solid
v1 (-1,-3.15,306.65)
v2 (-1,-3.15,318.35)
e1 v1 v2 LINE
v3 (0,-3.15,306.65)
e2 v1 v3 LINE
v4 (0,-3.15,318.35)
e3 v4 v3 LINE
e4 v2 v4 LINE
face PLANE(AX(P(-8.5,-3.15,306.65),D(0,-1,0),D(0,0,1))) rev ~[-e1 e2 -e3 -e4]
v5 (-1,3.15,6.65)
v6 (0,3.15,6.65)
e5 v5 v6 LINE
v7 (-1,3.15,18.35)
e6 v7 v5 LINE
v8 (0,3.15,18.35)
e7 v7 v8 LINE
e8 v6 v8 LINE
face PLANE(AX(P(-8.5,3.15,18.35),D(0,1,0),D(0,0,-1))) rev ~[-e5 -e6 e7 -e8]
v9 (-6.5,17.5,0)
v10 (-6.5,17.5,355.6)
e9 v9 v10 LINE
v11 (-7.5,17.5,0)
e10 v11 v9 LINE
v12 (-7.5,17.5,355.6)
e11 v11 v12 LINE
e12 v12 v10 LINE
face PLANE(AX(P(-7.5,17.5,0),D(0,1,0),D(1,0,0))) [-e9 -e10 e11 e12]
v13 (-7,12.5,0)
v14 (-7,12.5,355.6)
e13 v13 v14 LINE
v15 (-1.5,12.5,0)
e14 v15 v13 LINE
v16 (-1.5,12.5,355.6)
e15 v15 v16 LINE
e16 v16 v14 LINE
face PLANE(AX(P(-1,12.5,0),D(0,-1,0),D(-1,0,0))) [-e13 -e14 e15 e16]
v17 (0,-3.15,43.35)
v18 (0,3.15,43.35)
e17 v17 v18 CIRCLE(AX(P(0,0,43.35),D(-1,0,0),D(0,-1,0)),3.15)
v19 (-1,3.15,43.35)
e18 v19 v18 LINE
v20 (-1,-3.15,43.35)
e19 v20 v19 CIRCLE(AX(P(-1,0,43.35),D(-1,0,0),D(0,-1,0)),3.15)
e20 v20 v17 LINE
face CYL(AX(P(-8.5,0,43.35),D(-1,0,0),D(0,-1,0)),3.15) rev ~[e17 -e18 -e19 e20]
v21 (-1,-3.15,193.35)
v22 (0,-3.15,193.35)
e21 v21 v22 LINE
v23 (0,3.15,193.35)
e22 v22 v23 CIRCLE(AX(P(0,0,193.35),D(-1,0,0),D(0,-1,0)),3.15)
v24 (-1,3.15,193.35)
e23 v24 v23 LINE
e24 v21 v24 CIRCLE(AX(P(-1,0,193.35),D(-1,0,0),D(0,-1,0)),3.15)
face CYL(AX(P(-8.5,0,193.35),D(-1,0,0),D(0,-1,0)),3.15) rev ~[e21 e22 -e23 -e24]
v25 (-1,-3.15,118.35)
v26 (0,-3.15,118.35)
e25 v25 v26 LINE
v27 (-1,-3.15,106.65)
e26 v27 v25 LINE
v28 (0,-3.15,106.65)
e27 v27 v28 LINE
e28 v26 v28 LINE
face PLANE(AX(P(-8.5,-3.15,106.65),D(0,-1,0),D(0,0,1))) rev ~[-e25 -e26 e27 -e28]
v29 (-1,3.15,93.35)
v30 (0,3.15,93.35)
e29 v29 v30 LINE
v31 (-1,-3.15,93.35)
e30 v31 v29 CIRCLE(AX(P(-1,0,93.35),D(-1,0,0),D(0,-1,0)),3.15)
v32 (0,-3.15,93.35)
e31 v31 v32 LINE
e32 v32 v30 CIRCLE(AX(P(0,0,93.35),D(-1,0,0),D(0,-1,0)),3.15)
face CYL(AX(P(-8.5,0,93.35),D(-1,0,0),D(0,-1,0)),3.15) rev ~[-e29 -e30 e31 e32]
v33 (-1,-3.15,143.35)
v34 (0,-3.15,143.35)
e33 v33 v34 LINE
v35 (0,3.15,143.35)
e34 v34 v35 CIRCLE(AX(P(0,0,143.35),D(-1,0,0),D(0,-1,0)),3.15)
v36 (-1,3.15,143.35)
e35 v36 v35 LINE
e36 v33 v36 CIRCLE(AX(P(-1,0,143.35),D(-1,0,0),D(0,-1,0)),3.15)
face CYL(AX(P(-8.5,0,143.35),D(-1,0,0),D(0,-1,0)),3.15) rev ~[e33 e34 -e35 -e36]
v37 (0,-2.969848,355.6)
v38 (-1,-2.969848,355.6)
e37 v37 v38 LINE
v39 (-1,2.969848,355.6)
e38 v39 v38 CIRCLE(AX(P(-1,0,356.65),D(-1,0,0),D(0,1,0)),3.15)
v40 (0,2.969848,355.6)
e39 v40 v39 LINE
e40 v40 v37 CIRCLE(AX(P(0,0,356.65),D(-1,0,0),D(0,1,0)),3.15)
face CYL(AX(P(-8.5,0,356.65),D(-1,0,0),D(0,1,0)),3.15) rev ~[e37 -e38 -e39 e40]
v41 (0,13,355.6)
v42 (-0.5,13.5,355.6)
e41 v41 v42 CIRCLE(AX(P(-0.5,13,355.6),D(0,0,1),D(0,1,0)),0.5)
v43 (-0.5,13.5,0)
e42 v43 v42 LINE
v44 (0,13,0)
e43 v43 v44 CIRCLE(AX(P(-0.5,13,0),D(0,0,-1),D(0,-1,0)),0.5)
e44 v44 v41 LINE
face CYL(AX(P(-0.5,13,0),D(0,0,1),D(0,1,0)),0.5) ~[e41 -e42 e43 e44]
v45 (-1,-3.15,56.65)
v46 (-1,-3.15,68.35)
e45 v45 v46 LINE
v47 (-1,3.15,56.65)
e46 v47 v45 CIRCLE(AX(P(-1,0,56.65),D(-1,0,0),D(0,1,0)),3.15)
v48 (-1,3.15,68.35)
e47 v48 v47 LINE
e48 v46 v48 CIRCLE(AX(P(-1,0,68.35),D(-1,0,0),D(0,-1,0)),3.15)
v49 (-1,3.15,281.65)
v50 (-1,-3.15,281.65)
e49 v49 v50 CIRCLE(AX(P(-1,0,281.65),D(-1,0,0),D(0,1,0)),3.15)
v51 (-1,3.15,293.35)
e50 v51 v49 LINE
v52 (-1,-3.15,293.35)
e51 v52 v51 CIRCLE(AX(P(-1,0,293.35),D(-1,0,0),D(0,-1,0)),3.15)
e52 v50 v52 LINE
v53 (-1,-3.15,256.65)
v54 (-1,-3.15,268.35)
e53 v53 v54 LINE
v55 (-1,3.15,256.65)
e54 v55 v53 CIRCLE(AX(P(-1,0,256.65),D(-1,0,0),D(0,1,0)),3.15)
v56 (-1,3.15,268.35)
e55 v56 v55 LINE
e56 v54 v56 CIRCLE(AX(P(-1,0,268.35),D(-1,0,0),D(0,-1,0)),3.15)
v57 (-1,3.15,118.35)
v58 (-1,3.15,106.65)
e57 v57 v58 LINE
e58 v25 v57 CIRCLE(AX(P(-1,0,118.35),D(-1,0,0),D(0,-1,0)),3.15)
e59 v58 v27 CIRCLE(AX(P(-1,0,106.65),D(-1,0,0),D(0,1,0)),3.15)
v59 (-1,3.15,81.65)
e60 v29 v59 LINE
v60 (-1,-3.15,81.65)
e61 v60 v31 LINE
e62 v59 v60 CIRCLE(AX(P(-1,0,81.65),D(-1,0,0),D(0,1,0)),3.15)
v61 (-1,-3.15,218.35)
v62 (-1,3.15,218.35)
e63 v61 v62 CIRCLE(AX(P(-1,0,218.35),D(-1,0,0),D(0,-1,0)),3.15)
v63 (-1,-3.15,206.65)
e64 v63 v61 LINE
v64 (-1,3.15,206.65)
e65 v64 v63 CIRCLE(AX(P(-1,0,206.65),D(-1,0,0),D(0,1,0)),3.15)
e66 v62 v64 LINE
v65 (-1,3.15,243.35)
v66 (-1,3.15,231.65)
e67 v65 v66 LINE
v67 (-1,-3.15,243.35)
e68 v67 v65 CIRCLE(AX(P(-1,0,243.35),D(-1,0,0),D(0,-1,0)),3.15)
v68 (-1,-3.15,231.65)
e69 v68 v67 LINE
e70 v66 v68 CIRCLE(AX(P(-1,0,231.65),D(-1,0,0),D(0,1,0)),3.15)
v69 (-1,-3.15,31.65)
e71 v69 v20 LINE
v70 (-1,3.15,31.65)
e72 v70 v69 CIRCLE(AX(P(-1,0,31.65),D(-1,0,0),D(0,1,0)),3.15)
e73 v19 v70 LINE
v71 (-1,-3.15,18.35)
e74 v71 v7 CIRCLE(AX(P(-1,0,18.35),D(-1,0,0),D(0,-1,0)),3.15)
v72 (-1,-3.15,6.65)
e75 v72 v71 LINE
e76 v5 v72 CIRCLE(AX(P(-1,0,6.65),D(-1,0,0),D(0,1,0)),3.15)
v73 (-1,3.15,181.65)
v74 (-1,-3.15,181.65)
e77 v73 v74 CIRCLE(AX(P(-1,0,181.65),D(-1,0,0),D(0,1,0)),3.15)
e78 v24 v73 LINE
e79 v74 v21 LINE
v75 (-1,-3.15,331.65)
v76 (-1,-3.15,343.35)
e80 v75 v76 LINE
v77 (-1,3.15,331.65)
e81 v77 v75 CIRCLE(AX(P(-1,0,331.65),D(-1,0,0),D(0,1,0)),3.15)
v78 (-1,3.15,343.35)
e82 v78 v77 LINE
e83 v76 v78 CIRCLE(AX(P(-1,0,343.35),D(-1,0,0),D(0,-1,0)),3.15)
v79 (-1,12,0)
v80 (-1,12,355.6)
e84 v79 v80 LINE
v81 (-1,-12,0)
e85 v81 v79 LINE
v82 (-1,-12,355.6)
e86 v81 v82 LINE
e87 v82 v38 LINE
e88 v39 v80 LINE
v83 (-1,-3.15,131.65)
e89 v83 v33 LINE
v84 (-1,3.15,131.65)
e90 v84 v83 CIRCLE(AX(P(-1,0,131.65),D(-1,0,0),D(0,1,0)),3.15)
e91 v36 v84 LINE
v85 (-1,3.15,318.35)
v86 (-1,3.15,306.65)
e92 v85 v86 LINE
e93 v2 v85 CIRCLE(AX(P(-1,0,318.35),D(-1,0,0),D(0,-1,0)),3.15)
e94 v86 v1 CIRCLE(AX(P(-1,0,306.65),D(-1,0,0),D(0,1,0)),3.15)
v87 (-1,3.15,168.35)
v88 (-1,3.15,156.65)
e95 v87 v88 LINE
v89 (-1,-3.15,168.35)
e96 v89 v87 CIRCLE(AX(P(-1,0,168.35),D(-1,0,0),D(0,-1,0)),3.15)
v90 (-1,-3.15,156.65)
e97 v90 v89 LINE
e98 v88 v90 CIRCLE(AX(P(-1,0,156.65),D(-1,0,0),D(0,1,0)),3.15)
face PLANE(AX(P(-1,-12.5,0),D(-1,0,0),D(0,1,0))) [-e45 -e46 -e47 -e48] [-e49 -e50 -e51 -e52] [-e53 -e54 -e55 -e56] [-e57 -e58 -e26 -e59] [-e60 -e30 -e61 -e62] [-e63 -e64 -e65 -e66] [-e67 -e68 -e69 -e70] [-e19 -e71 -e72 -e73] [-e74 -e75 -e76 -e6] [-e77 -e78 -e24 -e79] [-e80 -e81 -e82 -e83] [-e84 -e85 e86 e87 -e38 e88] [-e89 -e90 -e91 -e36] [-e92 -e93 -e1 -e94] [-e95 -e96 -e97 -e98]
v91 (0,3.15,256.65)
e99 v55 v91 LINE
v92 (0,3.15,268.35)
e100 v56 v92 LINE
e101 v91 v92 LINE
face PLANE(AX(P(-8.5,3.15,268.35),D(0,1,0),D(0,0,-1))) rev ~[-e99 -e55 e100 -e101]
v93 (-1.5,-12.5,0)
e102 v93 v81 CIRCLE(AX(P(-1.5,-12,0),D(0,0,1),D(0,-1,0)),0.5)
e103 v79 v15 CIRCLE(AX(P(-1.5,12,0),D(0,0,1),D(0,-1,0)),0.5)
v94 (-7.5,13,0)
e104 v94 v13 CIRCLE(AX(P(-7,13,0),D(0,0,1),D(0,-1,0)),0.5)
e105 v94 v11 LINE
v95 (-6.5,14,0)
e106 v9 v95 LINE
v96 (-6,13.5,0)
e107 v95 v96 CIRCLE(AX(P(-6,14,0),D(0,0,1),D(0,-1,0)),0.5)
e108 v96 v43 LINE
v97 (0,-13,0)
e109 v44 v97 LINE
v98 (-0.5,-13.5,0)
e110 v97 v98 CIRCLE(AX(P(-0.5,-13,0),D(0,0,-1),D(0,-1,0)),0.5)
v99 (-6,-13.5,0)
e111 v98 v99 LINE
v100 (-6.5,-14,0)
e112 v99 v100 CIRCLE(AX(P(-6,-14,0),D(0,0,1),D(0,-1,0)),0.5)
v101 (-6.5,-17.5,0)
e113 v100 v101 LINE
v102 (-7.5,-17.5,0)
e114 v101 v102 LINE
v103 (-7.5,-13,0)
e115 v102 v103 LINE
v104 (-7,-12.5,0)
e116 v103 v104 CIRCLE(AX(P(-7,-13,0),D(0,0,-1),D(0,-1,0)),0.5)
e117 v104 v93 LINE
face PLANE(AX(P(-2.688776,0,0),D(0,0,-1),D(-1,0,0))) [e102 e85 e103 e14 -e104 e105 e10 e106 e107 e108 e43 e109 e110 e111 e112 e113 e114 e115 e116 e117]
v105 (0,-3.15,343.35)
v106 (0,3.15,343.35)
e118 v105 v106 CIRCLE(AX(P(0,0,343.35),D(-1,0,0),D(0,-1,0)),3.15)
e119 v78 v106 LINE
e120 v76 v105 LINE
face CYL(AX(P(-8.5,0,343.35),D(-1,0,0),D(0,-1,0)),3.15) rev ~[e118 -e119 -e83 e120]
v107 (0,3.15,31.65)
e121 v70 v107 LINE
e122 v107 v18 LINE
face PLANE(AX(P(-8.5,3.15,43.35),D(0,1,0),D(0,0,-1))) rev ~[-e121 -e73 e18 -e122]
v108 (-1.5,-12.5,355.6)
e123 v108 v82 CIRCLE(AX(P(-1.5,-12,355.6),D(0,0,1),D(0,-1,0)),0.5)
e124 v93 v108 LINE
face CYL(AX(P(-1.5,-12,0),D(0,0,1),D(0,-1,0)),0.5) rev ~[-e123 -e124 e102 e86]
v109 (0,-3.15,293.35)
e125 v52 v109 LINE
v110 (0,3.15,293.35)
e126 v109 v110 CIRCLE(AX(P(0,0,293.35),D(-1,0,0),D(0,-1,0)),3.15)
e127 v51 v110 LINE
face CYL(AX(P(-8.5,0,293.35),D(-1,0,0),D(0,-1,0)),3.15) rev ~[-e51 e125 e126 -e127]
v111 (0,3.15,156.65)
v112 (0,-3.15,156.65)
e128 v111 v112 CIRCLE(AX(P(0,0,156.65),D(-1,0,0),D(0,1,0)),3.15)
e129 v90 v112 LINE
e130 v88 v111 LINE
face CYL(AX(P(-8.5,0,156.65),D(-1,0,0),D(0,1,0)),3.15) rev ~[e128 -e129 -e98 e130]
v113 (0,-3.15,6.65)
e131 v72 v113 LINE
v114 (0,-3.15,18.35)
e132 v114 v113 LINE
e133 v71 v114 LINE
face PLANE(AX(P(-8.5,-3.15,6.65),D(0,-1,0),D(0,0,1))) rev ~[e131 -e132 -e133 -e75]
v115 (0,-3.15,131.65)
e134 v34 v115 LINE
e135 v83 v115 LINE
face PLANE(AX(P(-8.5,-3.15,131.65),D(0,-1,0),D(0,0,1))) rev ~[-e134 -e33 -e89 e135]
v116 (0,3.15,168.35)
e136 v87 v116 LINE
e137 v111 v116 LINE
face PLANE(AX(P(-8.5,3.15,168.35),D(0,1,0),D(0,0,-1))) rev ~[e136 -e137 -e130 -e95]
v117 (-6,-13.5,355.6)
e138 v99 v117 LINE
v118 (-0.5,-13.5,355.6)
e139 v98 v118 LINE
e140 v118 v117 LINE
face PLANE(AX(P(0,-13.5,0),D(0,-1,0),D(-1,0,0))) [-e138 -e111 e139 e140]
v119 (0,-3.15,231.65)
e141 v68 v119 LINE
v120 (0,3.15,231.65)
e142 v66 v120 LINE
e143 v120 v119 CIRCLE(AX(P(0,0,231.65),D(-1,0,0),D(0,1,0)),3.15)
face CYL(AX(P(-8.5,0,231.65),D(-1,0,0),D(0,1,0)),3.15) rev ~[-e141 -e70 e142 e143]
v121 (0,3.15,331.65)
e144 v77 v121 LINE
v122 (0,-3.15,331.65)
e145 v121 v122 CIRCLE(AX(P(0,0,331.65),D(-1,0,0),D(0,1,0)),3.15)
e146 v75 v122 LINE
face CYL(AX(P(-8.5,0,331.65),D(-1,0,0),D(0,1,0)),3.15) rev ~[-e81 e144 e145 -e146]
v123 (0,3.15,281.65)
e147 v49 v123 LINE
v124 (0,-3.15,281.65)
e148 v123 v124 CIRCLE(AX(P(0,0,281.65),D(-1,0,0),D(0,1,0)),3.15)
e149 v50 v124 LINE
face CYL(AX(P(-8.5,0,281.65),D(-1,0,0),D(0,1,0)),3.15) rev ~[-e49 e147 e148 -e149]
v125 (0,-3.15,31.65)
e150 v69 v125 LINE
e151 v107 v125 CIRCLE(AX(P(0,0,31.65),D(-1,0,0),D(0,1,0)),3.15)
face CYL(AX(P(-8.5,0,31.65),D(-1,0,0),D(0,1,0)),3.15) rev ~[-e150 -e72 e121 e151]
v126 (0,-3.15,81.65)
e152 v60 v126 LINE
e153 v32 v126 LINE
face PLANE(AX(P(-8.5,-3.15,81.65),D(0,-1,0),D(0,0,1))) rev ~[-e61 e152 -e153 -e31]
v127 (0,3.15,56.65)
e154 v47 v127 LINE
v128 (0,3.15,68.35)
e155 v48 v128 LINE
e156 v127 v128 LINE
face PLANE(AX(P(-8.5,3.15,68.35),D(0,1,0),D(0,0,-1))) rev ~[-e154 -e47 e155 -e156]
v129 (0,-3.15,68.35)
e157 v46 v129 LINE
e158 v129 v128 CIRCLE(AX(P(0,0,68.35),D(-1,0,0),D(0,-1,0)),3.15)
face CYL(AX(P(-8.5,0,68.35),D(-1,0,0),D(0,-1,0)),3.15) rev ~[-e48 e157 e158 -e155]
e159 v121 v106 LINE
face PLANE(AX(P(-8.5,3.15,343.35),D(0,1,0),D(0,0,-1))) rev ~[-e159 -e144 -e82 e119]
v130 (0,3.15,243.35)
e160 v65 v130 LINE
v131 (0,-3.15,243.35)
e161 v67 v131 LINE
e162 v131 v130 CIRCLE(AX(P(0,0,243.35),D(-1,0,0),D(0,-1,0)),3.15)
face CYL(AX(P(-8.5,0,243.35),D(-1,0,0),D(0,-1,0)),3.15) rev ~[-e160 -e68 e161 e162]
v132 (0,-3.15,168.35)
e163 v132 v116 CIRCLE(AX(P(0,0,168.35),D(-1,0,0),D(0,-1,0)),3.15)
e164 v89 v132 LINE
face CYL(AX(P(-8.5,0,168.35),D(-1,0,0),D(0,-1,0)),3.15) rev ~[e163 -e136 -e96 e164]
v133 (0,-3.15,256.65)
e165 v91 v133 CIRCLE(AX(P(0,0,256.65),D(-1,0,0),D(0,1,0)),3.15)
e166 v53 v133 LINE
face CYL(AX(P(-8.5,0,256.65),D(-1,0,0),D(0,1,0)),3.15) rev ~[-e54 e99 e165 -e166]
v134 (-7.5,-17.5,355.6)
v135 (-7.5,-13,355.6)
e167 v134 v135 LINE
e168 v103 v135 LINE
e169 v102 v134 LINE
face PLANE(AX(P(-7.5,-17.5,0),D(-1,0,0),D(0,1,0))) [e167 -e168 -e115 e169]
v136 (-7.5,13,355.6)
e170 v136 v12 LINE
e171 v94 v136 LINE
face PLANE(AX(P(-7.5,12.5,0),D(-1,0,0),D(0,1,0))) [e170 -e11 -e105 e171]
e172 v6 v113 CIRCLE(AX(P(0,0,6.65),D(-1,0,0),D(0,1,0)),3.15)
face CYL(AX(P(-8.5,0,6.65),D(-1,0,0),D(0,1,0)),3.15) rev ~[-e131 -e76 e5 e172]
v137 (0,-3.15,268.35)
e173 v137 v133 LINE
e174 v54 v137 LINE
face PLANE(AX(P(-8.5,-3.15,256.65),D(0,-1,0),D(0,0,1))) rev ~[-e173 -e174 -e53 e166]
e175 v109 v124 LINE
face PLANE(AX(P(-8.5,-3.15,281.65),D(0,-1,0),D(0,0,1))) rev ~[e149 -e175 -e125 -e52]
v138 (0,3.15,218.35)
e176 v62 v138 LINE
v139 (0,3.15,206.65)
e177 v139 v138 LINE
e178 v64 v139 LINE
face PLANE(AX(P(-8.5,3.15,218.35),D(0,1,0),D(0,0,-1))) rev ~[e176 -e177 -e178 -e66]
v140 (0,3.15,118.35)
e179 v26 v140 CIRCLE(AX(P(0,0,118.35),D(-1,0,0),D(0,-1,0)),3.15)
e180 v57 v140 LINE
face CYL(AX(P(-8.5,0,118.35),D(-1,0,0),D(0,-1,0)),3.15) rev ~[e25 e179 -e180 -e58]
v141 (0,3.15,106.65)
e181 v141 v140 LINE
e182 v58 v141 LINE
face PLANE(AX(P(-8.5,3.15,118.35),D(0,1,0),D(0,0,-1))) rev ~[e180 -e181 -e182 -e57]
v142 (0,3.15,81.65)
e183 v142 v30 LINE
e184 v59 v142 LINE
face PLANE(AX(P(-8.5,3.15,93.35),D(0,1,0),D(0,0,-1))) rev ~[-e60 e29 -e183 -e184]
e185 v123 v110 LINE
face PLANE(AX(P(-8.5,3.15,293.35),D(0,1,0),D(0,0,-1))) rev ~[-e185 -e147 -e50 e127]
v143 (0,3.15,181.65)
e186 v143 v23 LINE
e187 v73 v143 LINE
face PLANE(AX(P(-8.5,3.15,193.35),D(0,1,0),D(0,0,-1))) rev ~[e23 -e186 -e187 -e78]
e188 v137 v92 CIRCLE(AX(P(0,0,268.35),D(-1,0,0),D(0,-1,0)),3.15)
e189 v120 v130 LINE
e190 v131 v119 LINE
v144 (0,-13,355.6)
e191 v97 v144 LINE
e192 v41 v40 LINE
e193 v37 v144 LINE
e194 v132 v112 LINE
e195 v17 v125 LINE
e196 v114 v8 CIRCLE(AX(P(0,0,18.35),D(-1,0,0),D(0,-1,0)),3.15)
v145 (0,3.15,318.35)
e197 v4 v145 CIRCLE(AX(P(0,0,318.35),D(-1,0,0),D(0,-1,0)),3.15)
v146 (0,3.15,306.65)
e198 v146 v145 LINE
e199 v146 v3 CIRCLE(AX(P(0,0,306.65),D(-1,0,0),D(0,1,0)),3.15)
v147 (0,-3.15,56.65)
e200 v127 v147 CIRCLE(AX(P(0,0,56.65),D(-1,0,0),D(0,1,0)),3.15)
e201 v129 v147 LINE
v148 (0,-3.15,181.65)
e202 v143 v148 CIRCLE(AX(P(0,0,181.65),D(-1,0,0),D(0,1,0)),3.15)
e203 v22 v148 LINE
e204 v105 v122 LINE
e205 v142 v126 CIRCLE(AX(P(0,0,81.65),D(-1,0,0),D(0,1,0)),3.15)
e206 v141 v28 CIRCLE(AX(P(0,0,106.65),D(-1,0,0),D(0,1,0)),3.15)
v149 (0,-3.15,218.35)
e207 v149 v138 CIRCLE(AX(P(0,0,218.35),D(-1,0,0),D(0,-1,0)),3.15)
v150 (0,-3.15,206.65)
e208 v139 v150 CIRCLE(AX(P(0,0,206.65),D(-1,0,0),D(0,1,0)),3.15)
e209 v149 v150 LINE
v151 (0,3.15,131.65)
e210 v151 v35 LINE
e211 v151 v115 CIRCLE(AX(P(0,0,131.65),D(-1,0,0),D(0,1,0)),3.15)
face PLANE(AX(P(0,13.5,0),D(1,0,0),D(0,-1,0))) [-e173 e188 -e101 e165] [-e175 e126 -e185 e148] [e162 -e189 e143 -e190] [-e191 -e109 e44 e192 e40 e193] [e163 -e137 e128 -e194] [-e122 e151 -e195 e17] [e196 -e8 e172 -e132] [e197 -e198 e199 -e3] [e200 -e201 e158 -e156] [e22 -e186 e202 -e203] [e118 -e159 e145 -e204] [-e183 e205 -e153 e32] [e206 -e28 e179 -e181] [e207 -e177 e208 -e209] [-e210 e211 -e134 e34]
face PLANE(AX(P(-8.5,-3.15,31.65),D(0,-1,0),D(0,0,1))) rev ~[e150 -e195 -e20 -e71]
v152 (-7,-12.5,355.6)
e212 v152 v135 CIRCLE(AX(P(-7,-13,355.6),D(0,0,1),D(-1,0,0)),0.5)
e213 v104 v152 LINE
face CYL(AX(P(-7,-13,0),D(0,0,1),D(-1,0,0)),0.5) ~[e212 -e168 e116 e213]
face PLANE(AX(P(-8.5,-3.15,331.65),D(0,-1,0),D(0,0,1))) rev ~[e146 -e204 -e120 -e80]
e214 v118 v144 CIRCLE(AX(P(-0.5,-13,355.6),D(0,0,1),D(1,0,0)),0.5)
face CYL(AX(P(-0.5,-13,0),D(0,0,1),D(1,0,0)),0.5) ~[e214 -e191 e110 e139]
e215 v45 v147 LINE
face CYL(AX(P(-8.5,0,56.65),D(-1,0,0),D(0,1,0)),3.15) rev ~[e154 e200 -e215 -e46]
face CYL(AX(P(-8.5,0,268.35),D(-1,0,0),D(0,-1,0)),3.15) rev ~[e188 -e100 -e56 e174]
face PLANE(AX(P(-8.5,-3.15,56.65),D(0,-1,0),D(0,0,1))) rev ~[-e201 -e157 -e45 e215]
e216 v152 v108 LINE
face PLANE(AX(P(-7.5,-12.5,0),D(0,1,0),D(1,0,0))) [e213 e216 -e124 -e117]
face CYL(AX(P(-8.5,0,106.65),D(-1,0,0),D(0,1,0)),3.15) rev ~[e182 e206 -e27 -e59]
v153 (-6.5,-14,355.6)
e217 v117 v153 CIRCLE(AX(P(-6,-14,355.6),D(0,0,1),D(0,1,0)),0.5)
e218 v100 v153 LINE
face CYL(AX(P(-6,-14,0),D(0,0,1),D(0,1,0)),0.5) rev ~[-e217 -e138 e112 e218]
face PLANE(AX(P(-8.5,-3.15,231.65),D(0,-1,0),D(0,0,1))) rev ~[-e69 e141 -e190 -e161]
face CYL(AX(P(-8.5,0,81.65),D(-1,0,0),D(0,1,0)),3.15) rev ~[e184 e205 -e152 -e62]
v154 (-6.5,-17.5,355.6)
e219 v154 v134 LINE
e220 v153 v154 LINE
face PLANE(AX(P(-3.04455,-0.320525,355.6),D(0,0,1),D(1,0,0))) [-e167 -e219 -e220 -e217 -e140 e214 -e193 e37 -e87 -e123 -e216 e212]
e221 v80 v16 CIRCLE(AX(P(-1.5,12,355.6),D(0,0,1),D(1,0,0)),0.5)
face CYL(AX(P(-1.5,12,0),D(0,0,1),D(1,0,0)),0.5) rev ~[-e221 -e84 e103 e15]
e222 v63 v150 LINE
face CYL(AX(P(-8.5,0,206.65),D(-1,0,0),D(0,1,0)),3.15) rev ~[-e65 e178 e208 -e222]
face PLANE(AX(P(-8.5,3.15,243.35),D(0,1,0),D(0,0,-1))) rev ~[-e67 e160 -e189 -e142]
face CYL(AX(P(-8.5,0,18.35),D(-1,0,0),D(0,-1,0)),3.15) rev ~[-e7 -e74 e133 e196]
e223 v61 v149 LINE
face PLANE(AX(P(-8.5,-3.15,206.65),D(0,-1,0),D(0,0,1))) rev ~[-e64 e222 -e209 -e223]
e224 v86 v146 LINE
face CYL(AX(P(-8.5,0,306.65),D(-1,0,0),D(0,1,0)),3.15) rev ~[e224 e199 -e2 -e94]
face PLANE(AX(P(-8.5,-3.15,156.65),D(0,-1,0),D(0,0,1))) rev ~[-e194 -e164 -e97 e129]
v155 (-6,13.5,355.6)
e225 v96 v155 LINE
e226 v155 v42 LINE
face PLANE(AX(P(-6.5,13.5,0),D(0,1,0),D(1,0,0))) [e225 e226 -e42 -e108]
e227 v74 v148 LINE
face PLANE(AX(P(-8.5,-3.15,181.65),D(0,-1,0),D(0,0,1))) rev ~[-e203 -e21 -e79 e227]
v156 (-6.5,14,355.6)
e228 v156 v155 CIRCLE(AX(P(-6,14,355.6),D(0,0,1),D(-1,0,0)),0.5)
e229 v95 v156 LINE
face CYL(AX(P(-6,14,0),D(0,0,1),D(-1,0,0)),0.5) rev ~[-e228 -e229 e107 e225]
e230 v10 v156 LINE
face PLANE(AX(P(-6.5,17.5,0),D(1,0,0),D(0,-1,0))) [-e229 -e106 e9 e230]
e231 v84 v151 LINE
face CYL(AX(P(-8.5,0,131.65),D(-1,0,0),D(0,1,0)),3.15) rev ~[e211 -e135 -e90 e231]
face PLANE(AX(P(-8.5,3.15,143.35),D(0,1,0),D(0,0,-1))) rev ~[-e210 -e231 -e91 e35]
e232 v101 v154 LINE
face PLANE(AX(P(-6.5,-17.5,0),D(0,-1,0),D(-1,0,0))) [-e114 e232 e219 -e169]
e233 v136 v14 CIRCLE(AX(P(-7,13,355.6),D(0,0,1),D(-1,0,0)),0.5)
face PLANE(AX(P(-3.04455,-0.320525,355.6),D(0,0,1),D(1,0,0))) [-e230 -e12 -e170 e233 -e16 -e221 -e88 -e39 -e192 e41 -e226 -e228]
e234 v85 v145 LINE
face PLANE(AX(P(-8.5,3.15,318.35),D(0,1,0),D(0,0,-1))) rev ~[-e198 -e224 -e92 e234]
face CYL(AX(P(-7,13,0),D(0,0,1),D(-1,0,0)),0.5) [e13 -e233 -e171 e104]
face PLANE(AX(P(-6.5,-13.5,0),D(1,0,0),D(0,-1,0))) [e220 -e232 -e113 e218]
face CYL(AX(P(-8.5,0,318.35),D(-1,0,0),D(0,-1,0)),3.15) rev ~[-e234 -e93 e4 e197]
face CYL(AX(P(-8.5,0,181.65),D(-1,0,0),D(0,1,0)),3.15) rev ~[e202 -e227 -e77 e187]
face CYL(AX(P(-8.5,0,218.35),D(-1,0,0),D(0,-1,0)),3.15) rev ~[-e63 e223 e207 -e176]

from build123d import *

# Parameters (mm, degrees)
EXTRUDE_THIN1_DEPTH = 449.2625
CUT_EXTRUDE1_START  = -8.5
CUT_EXTRUDE1_DEPTH  = 9.5
LPATTERN1_COUNT     = 18
LPATTERN1_PITCH     = 25
FILLET1_R           = 0.5
SKETCH5_W           = 14.543721181
SKETCH5_H           = 38.348187902
CUT_EXTRUDE2_DEPTH  = 93.6625


with BuildPart() as part:
    # Sketch3 → Extrude-Thin1 (new body)
    with BuildSketch(Plane.XY):
        Polygon((-6.5, 17.5), (-6.5, 13.5), (0, 13.5), (0, -13.5), (-6.5, -13.5), (-6.5, -17.5), (-7.5, -17.5), (-7.5, -12.5), (-1, -12.5), (-1, 12.5), (-7.5, 12.5), (-7.5, 17.5), align=None)
    extrude(amount=EXTRUDE_THIN1_DEPTH)

    # Sketch4 → Cut-Extrude1 (cut)
    with BuildSketch(Plane(origin=(0, 0, 0), x_dir=(0, 0, -1), z_dir=(1, 0, 0)).offset(CUT_EXTRUDE1_START)):
        with BuildLine():
            Line((-6.65, -3.15), (-18.35, -3.15))
            ThreePointArc((-18.35, -3.15), (-21.5, 0), (-18.35, 3.15))
            Line((-18.35, 3.15), (-6.65, 3.15))
            ThreePointArc((-6.65, 3.15), (-3.5, 0), (-6.65, -3.15))
        make_face()
    cut_extrude1 = extrude(amount=CUT_EXTRUDE1_DEPTH, mode=Mode.SUBTRACT)

    # LPattern1: Cut-Extrude1 ×18
    with Locations(*[(0, 0, i * LPATTERN1_PITCH) for i in range(1, LPATTERN1_COUNT)]):
        add(cut_extrude1, mode=Mode.SUBTRACT)

    # Fillet1
    fillet1_edges = [part.edges().sort_by_distance(p)[0] for p in [
        (-6.5, 13.5, 224.63125),
        (0, 13.5, 224.63125),
        (0, -13.5, 224.63125),
        (-6.5, -13.5, 224.63125),
        (-7.5, -12.5, 224.63125),
        (-1, -12.5, 224.63125),
        (-1, 12.5, 224.63125),
        (-7.5, 12.5, 224.63125),
    ]]
    fillet(fillet1_edges, radius=FILLET1_R)

    # Sketch5 → Cut-Extrude2 (cut)
    with BuildSketch(Plane.XY.offset(449.2625)):
        with Locations((-3.04454966, -0.3205253)):
            Rectangle(SKETCH5_W, SKETCH5_H)
    extrude(amount=-CUT_EXTRUDE2_DEPTH, mode=Mode.SUBTRACT)


solid = part.part
